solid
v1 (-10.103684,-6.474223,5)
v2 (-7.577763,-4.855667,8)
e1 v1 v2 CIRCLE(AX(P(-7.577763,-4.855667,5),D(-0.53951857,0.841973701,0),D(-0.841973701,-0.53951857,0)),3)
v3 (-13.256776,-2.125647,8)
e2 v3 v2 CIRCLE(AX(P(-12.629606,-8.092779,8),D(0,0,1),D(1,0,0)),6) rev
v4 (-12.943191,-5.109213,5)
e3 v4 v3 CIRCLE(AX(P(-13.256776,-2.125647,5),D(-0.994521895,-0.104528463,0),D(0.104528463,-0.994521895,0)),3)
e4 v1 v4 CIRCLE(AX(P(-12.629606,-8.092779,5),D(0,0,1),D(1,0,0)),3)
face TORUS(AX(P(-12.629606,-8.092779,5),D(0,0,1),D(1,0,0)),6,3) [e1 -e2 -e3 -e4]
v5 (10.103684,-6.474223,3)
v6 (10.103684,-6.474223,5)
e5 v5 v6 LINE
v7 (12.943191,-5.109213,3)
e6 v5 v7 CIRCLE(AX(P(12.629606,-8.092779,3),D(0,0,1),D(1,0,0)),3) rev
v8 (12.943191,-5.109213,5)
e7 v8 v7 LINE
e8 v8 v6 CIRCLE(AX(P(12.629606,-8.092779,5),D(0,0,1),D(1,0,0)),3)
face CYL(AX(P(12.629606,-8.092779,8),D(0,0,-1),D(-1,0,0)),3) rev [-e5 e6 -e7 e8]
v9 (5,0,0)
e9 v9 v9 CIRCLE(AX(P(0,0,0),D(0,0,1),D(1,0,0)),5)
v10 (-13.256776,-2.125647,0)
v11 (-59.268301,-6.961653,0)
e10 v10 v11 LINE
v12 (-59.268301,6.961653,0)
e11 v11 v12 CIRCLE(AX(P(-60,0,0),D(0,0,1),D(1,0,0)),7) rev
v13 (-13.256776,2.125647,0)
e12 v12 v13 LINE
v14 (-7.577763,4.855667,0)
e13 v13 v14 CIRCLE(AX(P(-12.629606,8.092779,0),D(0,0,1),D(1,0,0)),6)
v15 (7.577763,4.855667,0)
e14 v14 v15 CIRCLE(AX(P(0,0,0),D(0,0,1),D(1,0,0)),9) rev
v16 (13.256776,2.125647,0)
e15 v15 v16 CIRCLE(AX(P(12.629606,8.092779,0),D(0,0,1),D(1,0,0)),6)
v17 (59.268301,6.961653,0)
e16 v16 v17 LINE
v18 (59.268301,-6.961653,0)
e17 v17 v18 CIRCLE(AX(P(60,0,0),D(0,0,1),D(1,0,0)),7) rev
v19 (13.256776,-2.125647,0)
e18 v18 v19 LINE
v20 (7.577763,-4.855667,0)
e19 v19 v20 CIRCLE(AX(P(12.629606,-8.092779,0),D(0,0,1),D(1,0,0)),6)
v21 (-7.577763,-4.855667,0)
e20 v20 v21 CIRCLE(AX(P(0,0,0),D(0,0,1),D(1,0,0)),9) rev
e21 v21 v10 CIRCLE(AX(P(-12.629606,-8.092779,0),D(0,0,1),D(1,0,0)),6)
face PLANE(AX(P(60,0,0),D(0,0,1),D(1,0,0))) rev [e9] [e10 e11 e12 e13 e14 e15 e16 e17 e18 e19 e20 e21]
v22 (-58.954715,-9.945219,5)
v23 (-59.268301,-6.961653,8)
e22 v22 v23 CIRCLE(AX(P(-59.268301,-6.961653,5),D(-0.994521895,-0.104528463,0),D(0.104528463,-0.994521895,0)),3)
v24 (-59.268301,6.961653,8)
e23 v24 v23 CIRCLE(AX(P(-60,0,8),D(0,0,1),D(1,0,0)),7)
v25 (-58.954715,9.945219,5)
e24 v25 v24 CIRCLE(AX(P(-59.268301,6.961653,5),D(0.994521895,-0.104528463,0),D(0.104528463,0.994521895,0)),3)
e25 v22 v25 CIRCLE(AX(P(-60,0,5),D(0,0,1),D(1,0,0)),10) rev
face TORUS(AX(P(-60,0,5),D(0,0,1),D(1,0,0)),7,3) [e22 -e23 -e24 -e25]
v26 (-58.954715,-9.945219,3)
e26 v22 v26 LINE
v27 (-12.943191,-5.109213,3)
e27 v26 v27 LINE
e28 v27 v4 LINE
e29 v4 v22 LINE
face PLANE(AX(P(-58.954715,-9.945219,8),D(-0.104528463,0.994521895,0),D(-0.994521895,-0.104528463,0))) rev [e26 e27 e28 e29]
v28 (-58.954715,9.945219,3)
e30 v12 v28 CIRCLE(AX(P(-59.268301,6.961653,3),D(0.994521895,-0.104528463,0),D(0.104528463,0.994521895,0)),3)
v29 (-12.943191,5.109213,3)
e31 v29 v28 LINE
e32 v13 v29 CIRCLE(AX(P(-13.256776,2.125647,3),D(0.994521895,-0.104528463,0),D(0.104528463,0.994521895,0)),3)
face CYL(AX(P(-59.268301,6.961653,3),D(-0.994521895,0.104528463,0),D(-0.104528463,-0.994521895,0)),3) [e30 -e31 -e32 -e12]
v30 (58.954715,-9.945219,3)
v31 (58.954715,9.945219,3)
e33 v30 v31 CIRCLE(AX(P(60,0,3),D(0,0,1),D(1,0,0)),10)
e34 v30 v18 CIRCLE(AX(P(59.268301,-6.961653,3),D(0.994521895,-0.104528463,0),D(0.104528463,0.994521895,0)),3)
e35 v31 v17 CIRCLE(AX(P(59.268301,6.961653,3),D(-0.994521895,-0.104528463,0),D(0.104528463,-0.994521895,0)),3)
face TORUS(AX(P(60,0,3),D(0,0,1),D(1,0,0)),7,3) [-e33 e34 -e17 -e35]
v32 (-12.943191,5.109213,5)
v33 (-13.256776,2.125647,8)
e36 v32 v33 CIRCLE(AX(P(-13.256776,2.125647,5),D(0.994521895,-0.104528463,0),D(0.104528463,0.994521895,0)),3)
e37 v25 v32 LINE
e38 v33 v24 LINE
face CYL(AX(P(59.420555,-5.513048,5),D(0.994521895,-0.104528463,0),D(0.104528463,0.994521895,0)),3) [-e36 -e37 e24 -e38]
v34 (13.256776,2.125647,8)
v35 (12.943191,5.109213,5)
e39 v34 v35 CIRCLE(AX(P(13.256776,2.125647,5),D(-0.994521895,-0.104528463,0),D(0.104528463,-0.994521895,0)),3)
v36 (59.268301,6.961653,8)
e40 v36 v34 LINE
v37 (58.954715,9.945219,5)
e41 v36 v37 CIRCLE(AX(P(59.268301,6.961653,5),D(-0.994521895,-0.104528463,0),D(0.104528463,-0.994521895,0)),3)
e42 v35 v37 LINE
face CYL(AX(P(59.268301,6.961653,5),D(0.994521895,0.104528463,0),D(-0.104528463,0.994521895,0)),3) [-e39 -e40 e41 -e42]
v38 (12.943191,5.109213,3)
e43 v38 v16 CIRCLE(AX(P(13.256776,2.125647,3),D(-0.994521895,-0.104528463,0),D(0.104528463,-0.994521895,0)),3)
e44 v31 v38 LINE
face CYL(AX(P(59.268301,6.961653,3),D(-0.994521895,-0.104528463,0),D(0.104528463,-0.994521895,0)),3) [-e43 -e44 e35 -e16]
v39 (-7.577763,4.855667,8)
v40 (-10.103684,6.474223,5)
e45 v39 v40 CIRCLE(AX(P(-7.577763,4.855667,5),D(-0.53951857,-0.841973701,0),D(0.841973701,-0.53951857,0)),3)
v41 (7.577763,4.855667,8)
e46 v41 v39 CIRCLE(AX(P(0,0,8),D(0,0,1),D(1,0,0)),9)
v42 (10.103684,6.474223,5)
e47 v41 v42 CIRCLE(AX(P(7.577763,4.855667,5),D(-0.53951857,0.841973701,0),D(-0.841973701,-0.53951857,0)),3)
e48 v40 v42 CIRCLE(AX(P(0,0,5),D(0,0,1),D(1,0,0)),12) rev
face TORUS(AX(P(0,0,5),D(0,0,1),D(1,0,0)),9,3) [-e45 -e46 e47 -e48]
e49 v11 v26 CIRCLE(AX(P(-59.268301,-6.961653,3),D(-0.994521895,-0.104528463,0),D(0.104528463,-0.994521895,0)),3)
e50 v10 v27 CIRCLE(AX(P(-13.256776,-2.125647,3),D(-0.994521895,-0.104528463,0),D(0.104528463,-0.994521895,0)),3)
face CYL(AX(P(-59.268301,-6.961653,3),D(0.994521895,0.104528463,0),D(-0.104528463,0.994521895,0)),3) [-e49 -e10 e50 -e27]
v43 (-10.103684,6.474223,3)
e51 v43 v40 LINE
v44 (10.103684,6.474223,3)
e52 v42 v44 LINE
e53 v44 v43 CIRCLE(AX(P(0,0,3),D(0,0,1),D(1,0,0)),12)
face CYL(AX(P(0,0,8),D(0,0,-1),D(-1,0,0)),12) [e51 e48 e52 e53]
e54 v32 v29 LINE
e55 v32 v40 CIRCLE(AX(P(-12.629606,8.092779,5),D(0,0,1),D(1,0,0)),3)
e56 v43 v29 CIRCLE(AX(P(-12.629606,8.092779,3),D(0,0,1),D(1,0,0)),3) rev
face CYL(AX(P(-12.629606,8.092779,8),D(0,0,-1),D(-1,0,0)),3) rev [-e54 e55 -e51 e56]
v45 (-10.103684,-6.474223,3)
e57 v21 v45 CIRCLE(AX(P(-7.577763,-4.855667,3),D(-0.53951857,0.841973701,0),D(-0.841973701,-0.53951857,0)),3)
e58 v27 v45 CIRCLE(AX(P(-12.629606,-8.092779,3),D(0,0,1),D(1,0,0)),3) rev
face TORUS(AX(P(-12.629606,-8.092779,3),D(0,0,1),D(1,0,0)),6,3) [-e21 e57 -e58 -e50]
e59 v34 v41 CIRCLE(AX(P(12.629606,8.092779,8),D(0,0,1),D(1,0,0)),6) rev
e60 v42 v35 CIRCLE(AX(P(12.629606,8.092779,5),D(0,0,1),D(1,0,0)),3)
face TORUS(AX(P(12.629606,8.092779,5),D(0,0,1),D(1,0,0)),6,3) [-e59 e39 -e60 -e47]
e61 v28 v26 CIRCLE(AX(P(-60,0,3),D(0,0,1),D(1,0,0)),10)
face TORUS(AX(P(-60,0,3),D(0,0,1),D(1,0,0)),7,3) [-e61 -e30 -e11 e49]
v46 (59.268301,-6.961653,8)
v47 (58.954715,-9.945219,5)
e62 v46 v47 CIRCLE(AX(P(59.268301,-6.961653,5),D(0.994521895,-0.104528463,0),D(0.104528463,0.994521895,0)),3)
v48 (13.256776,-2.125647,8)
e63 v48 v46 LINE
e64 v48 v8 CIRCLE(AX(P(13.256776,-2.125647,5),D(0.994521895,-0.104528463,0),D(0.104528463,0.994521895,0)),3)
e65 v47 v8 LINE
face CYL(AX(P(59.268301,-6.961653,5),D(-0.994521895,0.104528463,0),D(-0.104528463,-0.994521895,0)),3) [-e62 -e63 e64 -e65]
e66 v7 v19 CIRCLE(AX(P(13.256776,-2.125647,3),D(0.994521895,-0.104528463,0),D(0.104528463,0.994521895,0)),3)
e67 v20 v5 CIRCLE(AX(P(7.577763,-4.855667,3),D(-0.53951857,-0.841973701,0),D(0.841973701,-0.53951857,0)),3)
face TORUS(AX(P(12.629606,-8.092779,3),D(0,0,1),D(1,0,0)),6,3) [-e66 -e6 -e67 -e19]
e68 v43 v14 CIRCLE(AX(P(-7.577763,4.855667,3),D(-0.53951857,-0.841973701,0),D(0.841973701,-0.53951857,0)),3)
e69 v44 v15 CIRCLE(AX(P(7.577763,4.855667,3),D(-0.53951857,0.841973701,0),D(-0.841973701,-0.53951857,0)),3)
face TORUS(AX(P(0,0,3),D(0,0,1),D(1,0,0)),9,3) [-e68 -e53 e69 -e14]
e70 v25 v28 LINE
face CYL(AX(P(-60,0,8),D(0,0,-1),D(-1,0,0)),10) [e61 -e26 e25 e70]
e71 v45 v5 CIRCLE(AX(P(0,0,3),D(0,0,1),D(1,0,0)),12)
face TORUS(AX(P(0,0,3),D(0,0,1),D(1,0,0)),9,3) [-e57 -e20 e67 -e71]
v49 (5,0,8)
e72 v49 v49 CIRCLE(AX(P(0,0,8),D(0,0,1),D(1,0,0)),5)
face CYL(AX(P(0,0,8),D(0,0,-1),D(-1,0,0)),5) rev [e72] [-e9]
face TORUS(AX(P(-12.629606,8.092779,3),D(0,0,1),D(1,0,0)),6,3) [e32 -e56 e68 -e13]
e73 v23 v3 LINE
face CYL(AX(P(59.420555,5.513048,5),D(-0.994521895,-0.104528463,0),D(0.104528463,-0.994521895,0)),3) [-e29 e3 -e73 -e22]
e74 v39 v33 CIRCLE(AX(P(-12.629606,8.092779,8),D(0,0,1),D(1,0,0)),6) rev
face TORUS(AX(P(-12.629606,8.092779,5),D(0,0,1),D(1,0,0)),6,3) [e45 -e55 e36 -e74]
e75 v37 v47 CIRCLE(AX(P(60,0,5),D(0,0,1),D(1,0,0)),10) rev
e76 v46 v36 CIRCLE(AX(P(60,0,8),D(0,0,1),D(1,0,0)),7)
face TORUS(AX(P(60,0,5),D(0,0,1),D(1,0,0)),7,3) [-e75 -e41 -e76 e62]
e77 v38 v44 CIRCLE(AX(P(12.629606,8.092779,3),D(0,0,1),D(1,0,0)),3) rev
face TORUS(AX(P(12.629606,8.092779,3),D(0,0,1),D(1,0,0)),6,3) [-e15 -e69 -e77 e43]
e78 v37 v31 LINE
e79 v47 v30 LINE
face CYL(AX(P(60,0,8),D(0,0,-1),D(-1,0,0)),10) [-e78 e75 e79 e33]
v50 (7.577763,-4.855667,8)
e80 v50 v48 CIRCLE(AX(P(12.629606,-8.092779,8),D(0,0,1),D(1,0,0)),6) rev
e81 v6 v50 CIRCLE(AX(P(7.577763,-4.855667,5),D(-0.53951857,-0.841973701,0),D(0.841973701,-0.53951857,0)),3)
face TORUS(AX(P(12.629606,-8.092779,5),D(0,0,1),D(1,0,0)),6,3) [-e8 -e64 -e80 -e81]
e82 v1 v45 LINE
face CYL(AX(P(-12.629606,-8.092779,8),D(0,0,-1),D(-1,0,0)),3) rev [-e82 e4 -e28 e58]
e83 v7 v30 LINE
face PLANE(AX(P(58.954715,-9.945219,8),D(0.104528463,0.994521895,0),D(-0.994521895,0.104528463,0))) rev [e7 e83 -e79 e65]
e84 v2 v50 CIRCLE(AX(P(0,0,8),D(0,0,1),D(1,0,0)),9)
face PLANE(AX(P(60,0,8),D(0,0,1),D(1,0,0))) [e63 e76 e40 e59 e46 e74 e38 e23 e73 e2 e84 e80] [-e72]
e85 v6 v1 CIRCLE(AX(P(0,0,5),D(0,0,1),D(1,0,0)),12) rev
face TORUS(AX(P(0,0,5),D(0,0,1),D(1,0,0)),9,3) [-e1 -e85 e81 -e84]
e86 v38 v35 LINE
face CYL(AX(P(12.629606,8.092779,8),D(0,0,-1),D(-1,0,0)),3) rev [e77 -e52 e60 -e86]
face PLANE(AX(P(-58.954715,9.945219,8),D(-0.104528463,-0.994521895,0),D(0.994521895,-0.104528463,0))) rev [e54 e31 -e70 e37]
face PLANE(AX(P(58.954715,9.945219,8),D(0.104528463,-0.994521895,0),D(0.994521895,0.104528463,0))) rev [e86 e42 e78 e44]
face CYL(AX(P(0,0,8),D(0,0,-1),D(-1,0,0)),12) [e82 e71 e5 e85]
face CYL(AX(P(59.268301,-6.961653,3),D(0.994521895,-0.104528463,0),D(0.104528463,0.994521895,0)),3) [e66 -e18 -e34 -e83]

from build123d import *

# Parameters (mm, degrees)
SKETCH_1_R      = 5
EXTRUDE_1_DEPTH = 8
FILLET_1_R      = 3
FILLET_2_R      = 3
FILLET_3_R      = 3


with BuildPart() as part:
    # 草圖1 → 填料-伸長1 (new body)
    with BuildSketch(Plane.XY):
        with BuildLine():
            Line((58.954715367, 9.945218954), (10.953934927, 4.900133633))
            ThreePointArc((10.953934927, 4.900133633), (0, 12), (-10.953934927, 4.900133633))
            Line((-10.953934927, 4.900133633), (-58.954715367, 9.945218954))
            ThreePointArc((-58.954715367, 9.945218954), (-70, 0), (-58.954715367, -9.945218954))
            Line((-58.954715367, -9.945218954), (-10.953934927, -4.900133633))
            ThreePointArc((-10.953934927, -4.900133633), (0, -12), (10.953934927, -4.900133633))
            Line((10.953934927, -4.900133633), (58.954715367, -9.945218954))
            ThreePointArc((58.954715367, -9.945218954), (70, 0), (58.954715367, 9.945218954))
        make_face()
        Circle(SKETCH_1_R, mode=Mode.SUBTRACT)
    extrude(amount=EXTRUDE_1_DEPTH)

    # 圓角1
    fillet_1_edges = [part.edges().sort_by_distance(p)[0] for p in [
        (10.953934927, -4.900133633, 4),
        (-10.953934927, -4.900133633, 4),
        (-10.953934927, 4.900133633, 4),
        (10.953934927, 4.900133633, 4),
    ]]
    fillet(fillet_1_edges, radius=FILLET_1_R)

    # 圓角2
    fillet_2_edges = [part.edges().sort_by_distance(p)[0] for p in [
        (-70, 0, 8),
        (-35.948953134, -7.527215907, 8),
        (-35.948953134, 7.527215907, 8),
        (0, 12, 8),
        (0, -12, 8),
        (35.948953134, -7.527215907, 8),
        (-11.32982846, 5.388970193, 8),
        (-11.32982846, -5.388970193, 8),
        (11.32982846, -5.388970193, 8),
        (11.32982846, 5.388970193, 8),
        (70, 0, 8),
        (35.948953134, 7.527215907, 8),
    ]]
    fillet(fillet_2_edges, radius=FILLET_2_R)

    # 圓角3
    fillet_3_edges = [part.edges().sort_by_distance(p)[0] for p in [
        (35.948953134, 7.527215907, 0),
        (70, 0, 0),
        (-35.948953134, 7.527215907, 0),
        (0, 12, 0),
        (0, -12, 0),
        (35.948953134, -7.527215907, 0),
        (-11.32982846, 5.388970193, 0),
        (-11.32982846, -5.388970193, 0),
        (11.32982846, -5.388970193, 0),
        (11.32982846, 5.388970193, 0),
        (-35.948953134, -7.527215907, 0),
        (-70, 0, 0),
    ]]
    fillet(fillet_3_edges, radius=FILLET_3_R)


solid = part.part
